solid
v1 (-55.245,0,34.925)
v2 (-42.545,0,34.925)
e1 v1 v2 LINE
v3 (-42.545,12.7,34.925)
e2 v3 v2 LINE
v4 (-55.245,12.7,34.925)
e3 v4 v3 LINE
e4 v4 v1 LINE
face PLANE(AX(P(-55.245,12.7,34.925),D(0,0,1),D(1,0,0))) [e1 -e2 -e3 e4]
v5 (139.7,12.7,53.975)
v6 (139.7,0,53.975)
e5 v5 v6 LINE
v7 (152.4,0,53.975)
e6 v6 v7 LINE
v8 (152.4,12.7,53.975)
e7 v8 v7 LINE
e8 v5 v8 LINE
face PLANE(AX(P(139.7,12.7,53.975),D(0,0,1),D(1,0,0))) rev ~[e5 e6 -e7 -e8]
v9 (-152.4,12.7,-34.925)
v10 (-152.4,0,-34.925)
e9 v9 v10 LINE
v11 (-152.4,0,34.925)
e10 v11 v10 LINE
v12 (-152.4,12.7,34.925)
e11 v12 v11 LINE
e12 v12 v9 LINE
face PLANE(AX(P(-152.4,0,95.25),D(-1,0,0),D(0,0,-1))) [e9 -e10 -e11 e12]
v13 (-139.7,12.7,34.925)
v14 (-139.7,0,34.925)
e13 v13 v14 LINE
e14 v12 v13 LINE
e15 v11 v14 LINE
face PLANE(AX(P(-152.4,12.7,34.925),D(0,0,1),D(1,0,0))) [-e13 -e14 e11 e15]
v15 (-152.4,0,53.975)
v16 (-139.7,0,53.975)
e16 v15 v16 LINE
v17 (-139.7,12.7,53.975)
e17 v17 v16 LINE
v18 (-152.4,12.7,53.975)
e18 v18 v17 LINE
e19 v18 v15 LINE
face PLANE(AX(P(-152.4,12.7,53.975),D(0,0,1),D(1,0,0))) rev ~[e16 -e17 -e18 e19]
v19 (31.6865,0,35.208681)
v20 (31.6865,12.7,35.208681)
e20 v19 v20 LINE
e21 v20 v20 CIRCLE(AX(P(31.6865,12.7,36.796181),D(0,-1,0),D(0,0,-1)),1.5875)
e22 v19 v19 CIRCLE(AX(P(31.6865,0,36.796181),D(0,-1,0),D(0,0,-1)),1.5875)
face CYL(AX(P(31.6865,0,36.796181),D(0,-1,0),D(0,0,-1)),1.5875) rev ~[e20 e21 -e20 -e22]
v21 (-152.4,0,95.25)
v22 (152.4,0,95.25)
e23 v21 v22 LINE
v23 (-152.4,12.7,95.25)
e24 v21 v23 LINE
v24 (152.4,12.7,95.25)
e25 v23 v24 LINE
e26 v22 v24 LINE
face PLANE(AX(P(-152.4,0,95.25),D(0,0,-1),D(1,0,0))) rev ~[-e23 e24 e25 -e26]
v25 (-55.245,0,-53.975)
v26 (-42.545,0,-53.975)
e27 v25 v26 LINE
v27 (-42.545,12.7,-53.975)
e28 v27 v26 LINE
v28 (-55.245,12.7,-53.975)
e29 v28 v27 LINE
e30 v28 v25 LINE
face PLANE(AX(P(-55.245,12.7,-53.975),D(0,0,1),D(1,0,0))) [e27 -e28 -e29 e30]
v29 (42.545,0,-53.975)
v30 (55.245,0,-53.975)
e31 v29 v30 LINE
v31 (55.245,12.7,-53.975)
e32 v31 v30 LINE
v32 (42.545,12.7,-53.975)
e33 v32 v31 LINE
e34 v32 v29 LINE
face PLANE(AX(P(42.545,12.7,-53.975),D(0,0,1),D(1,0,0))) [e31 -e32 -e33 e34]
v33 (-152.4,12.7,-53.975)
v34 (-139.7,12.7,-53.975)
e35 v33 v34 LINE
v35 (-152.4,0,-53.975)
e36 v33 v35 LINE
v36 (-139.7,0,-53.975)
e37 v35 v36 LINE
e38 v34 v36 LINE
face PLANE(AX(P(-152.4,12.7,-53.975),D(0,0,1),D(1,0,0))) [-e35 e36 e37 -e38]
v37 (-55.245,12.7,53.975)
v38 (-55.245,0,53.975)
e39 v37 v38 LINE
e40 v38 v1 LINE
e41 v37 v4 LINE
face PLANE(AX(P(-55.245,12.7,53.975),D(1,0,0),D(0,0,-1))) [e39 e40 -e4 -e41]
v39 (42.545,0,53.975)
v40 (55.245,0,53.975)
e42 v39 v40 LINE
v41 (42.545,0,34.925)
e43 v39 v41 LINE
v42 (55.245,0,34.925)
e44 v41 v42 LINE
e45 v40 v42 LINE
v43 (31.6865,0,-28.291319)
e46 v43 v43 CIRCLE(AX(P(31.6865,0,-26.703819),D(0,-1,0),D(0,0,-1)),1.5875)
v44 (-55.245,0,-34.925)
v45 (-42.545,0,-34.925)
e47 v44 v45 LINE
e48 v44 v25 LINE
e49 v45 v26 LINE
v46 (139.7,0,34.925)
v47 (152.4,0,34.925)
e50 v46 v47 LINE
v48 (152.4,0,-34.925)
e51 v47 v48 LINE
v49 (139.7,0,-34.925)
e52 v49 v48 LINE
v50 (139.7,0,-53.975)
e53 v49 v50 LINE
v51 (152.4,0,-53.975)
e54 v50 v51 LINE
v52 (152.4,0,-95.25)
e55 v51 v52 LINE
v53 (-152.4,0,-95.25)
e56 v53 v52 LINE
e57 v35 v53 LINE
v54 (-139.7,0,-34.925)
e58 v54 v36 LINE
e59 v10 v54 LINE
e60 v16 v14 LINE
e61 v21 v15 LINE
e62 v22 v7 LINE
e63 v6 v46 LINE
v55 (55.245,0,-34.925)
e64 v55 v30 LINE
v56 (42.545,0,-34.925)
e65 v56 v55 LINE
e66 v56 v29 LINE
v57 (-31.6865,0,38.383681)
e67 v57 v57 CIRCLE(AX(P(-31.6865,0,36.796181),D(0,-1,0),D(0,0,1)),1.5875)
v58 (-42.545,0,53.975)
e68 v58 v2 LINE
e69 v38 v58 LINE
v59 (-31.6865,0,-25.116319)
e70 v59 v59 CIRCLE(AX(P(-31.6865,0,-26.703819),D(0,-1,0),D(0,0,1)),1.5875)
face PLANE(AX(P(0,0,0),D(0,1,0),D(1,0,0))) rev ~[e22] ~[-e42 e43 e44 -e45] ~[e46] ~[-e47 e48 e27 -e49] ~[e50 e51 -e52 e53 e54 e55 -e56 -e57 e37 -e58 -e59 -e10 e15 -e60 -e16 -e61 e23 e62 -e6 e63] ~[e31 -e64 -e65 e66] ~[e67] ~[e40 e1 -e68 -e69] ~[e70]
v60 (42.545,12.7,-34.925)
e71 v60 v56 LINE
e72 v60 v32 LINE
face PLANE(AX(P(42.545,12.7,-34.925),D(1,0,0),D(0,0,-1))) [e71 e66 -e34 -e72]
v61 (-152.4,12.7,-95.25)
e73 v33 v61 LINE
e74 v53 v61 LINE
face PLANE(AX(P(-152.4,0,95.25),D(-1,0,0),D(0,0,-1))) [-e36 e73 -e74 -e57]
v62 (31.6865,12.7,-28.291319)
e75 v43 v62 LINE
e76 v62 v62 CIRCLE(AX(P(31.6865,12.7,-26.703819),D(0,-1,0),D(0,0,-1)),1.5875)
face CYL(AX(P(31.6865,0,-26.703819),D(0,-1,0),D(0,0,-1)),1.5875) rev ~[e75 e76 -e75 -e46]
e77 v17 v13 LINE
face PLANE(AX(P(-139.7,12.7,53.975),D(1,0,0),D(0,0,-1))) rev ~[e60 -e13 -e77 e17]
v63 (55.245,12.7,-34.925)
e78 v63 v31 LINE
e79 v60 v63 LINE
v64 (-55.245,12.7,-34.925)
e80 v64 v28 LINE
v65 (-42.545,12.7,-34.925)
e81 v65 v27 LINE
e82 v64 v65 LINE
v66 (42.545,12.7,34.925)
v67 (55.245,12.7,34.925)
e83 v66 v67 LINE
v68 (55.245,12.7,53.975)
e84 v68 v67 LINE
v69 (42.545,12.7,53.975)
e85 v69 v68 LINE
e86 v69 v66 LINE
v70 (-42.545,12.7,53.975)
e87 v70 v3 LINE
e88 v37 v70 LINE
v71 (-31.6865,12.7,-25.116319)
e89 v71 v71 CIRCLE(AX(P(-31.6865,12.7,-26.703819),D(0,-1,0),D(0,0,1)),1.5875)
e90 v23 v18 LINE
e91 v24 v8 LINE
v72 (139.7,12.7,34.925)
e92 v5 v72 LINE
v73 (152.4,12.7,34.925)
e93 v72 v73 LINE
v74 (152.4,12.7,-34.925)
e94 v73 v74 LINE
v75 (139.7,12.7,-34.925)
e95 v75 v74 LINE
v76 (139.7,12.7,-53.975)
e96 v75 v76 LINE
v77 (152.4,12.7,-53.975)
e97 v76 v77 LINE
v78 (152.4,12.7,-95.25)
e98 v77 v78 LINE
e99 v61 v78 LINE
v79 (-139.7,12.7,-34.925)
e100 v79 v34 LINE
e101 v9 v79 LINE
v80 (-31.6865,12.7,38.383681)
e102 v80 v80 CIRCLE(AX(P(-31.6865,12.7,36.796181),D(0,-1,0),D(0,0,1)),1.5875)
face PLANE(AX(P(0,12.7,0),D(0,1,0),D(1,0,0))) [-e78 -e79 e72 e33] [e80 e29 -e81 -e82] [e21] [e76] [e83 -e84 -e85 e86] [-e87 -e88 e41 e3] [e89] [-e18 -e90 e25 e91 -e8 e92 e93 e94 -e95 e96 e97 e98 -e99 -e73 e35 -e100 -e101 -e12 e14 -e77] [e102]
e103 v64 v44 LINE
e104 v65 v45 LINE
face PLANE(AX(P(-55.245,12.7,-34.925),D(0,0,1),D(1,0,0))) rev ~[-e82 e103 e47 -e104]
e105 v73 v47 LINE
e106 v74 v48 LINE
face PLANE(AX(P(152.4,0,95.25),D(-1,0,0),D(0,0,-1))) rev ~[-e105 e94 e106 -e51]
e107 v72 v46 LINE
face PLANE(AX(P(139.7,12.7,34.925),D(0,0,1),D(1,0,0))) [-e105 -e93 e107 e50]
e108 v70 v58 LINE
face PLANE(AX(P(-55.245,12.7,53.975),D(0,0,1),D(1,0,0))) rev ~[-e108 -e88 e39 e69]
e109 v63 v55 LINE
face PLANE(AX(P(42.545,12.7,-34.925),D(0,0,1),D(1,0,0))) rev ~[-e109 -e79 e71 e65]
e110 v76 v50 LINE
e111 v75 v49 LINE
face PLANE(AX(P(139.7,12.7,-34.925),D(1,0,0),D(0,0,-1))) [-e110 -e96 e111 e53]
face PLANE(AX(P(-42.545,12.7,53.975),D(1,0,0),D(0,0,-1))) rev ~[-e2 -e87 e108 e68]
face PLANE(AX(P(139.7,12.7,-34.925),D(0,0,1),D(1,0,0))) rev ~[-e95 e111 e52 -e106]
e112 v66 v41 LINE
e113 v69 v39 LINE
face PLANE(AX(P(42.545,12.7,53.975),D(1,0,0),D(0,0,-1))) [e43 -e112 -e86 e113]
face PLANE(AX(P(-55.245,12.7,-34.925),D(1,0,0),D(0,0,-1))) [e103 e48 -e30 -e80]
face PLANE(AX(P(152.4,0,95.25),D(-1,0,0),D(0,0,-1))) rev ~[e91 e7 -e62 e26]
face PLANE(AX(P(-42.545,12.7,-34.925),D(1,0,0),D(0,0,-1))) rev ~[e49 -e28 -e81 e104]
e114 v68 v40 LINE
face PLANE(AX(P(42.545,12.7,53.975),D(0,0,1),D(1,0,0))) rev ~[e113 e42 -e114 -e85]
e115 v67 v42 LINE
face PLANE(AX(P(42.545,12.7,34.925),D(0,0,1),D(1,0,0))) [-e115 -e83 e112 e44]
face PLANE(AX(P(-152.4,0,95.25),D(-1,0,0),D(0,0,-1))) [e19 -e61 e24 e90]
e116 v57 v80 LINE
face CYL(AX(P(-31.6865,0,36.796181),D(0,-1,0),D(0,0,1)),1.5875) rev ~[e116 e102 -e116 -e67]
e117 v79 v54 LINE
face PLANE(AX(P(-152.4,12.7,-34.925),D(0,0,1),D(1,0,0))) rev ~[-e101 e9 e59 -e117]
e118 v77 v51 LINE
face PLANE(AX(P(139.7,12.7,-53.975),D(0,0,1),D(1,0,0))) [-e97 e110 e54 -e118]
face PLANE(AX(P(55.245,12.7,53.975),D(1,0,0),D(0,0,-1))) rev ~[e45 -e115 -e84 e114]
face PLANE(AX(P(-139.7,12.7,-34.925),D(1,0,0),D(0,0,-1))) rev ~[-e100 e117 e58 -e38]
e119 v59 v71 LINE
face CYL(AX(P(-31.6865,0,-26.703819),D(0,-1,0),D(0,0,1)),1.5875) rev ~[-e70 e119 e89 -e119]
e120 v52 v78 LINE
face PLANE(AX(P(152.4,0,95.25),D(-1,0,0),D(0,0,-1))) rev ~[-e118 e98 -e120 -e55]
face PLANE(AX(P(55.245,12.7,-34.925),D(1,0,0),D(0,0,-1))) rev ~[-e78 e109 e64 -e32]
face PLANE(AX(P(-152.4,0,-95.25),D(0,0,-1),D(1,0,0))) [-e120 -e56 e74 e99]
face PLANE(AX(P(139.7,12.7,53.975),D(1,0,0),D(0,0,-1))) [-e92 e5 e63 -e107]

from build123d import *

# Parameters (mm, degrees)
SKETCH1_W          = 304.8
SKETCH1_H          = 190.5
EXTRUDE1_DEPTH     = 12.7
SKETCH2_W          = 12.7
SKETCH2_H          = 19.05
EXTRUDE2_DEPTH     = 181.165514181
SKETCH3_R          = 1.5875
CUT_EXTRUDE1_DEPTH = 181.165514181


with BuildPart() as part:
    # Sketch1 → Extrude1 (new body)
    with BuildSketch(Plane(origin=(0, 0, 0), x_dir=(1, 0, 0), z_dir=(0, 1, 0))):
        Rectangle(SKETCH1_W, SKETCH1_H)
    extrude(amount=EXTRUDE1_DEPTH)

    # Sketch2 → Extrude2 (cut, through all)
    with BuildSketch(Plane(origin=(0, 12.7, 0), x_dir=(1, 0, 0), z_dir=(0, 1, 0))):
        with Locations((-48.895, 44.45)):
            Rectangle(SKETCH2_W, SKETCH2_H)
        with Locations((48.895, 44.45)):
            Rectangle(SKETCH2_W, SKETCH2_H)
        with Locations((-48.895, -44.45)):
            Rectangle(SKETCH2_W, SKETCH2_H)
        with Locations((48.895, -44.45)):
            Rectangle(SKETCH2_W, SKETCH2_H)
        with Locations((146.05, 44.45)):
            Rectangle(SKETCH2_W, SKETCH2_H)
        with Locations((-146.05, 44.45)):
            Rectangle(SKETCH2_W, SKETCH2_H)
        with Locations((146.05, -44.45)):
            Rectangle(SKETCH2_W, SKETCH2_H)
        with Locations((-146.05, -44.45)):
            Rectangle(SKETCH2_W, SKETCH2_H)
    extrude(amount=-EXTRUDE2_DEPTH, mode=Mode.SUBTRACT)

    # Sketch3 → Cut-Extrude1 (cut, through all)
    with BuildSketch(Plane.XZ):
        with Locations(Location((31.6865, 36.796180661, 0), (0, 0, 270))):
            Circle(SKETCH3_R)
        with Locations(Location((31.6865, -26.703819339, 0), (0, 0, 270))):
            Circle(SKETCH3_R)
        with Locations(Location((-31.6865, -26.703819339, 0), (0, 0, 90))):
            Circle(SKETCH3_R)
        with Locations(Location((-31.6865, 36.796180661, 0), (0, 0, 90))):
            Circle(SKETCH3_R)
    extrude(amount=-CUT_EXTRUDE1_DEPTH, mode=Mode.SUBTRACT)


solid = part.part
